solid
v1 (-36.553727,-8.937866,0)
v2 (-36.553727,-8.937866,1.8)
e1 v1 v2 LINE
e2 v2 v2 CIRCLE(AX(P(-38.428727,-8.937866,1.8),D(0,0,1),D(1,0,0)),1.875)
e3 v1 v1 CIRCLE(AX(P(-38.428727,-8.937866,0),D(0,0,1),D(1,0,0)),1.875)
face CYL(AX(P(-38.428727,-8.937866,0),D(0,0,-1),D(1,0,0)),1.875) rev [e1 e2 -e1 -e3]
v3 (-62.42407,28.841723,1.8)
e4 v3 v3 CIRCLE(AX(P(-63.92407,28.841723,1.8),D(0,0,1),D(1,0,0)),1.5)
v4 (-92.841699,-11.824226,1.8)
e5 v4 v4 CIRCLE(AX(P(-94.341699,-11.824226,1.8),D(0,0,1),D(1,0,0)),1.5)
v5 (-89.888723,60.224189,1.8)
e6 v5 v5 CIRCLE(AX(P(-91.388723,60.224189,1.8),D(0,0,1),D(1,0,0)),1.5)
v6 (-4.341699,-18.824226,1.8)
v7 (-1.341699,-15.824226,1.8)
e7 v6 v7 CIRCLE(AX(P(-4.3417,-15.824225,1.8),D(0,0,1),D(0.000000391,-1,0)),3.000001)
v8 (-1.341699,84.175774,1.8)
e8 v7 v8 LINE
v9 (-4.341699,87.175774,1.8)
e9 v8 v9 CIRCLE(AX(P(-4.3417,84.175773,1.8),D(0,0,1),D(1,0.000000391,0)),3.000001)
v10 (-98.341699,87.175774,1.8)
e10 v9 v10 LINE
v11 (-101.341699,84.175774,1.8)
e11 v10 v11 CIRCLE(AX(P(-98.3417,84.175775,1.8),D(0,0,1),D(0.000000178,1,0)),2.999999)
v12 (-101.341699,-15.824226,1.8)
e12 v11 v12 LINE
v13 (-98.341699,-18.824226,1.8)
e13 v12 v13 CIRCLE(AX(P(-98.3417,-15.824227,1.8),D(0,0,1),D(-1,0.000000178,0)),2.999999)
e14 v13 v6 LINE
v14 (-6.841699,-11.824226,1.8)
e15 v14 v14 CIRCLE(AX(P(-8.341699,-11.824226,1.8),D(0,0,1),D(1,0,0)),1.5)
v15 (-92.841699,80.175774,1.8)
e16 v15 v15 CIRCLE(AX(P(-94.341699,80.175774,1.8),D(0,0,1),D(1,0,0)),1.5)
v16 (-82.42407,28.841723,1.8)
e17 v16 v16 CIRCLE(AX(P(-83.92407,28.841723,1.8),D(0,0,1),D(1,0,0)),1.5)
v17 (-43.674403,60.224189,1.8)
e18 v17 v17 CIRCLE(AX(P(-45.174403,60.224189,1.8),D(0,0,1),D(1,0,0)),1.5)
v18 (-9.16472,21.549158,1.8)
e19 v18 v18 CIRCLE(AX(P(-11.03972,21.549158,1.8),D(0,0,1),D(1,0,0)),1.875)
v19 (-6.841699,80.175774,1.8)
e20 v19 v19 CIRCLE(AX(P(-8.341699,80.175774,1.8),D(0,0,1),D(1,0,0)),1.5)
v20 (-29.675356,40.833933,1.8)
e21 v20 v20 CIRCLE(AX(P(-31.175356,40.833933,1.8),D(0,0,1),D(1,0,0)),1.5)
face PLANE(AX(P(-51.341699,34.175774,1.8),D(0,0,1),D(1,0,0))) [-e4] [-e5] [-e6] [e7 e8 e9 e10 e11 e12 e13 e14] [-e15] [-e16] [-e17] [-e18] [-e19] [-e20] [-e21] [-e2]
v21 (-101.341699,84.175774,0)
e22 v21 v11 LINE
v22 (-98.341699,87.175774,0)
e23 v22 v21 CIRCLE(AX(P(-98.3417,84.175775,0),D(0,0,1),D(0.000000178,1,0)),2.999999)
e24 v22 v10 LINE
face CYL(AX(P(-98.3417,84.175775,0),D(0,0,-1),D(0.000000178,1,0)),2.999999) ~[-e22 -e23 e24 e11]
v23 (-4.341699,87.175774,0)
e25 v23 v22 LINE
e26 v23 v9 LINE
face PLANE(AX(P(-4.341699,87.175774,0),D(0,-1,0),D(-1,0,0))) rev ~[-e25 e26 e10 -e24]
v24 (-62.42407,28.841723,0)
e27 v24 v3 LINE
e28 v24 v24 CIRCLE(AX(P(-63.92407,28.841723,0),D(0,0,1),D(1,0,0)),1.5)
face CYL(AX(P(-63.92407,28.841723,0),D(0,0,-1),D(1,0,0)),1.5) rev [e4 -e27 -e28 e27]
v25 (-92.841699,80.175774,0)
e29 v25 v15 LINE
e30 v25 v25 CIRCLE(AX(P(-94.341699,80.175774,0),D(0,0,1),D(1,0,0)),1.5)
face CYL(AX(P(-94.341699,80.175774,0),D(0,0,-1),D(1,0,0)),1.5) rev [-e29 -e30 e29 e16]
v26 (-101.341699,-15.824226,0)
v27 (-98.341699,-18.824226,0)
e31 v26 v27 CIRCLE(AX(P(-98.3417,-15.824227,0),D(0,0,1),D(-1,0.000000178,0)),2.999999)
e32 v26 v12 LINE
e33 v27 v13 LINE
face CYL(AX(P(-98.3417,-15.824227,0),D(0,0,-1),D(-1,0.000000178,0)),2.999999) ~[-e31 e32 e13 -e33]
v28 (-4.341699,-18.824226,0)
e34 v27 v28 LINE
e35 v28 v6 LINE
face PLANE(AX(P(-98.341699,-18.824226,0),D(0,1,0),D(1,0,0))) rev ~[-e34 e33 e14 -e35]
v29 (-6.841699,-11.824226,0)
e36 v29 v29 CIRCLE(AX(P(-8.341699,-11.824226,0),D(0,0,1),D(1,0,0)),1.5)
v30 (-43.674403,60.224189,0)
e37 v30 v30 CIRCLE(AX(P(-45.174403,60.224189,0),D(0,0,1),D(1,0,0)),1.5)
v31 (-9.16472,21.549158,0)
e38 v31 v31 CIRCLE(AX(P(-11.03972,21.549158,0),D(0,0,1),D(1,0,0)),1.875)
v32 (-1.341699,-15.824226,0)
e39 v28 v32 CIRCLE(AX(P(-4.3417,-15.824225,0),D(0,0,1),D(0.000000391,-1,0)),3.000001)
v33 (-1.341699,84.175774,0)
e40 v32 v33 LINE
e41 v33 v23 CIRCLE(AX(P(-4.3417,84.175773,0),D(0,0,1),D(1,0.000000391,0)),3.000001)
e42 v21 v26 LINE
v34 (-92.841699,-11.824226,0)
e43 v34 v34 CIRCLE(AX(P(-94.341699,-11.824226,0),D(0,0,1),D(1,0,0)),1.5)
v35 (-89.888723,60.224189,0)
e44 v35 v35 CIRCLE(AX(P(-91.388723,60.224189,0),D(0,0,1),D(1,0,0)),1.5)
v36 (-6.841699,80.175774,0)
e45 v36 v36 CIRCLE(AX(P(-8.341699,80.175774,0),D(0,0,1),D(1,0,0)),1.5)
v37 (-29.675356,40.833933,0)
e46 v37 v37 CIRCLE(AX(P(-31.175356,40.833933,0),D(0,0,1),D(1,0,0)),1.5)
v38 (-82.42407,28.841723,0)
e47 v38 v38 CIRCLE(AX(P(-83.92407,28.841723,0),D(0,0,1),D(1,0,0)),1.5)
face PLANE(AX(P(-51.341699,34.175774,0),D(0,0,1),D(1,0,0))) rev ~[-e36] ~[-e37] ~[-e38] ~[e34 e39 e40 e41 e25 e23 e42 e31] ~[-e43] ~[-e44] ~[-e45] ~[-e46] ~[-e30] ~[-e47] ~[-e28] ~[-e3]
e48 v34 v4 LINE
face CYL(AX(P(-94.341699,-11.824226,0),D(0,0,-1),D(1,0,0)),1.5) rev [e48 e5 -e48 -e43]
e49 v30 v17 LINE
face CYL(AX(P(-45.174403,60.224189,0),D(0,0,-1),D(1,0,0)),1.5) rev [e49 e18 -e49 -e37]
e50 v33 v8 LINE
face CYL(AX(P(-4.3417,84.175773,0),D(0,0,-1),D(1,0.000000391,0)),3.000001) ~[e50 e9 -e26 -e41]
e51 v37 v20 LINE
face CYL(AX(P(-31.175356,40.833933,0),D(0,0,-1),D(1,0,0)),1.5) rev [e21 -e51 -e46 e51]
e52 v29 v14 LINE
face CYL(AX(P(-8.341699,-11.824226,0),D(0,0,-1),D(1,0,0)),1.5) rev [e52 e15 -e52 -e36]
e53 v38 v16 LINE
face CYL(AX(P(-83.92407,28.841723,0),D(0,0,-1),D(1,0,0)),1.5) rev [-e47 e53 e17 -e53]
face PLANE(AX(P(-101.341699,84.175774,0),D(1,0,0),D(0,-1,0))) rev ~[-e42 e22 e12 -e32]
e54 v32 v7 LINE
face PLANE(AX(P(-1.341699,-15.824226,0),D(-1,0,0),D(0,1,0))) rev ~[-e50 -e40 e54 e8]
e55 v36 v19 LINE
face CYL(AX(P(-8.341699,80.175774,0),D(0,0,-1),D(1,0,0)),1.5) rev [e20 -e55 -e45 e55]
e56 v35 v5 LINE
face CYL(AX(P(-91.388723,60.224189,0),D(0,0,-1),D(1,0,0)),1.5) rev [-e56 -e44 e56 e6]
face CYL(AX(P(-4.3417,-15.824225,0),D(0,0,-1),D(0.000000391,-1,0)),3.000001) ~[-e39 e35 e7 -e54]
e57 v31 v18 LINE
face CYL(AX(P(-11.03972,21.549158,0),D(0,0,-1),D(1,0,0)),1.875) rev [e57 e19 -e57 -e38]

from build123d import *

# Parameters (mm, degrees)
F0_R     = 1.5
F0_R_2   = 1.875
F1_DEPTH = 1.8


with BuildPart() as f1:
    # F0 (on Top) → F1 (new body)
    with BuildSketch(Plane.XY):
        with BuildLine():
            Line((-98.341699, -18.824226), (-4.341699, -18.824226))
            ThreePointArc((-4.341699, -18.824226), (-2.220379, -17.945546), (-1.341699, -15.824226))
            Line((-1.341699, -15.824226), (-1.341699, 84.175774))
            ThreePointArc((-1.341699, 84.175774), (-2.220379, 86.297094), (-4.341699, 87.175774))
            Line((-4.341699, 87.175774), (-98.341699, 87.175774))
            ThreePointArc((-98.341699, 87.175774), (-100.46302, 86.297094), (-101.341699, 84.175774))
            Line((-101.341699, 84.175774), (-101.341699, -15.824226))
            ThreePointArc((-101.341699, -15.824226), (-100.46302, -17.945546), (-98.341699, -18.824226))
        make_face()
        with Locations((-94.341699, -11.824226)):
            Circle(F0_R, mode=Mode.SUBTRACT)
        with Locations((-83.92407, 28.841723)):
            Circle(F0_R, mode=Mode.SUBTRACT)
        with Locations((-63.92407, 28.841723)):
            Circle(F0_R, mode=Mode.SUBTRACT)
        with Locations((-91.388723, 60.224189)):
            Circle(F0_R, mode=Mode.SUBTRACT)
        with Locations((-94.341699, 80.175774)):
            Circle(F0_R, mode=Mode.SUBTRACT)
        with Locations((-38.428727, -8.937866)):
            Circle(F0_R_2, mode=Mode.SUBTRACT)
        with Locations((-8.341699, -11.824226)):
            Circle(F0_R, mode=Mode.SUBTRACT)
        with Locations((-11.03972, 21.549158)):
            Circle(F0_R_2, mode=Mode.SUBTRACT)
        with Locations((-45.174403, 60.224189)):
            Circle(F0_R, mode=Mode.SUBTRACT)
        with Locations((-31.175356, 40.833933)):
            Circle(F0_R, mode=Mode.SUBTRACT)
        with Locations((-8.341699, 80.175774)):
            Circle(F0_R, mode=Mode.SUBTRACT)
    extrude(amount=F1_DEPTH)


solid = f1.part
